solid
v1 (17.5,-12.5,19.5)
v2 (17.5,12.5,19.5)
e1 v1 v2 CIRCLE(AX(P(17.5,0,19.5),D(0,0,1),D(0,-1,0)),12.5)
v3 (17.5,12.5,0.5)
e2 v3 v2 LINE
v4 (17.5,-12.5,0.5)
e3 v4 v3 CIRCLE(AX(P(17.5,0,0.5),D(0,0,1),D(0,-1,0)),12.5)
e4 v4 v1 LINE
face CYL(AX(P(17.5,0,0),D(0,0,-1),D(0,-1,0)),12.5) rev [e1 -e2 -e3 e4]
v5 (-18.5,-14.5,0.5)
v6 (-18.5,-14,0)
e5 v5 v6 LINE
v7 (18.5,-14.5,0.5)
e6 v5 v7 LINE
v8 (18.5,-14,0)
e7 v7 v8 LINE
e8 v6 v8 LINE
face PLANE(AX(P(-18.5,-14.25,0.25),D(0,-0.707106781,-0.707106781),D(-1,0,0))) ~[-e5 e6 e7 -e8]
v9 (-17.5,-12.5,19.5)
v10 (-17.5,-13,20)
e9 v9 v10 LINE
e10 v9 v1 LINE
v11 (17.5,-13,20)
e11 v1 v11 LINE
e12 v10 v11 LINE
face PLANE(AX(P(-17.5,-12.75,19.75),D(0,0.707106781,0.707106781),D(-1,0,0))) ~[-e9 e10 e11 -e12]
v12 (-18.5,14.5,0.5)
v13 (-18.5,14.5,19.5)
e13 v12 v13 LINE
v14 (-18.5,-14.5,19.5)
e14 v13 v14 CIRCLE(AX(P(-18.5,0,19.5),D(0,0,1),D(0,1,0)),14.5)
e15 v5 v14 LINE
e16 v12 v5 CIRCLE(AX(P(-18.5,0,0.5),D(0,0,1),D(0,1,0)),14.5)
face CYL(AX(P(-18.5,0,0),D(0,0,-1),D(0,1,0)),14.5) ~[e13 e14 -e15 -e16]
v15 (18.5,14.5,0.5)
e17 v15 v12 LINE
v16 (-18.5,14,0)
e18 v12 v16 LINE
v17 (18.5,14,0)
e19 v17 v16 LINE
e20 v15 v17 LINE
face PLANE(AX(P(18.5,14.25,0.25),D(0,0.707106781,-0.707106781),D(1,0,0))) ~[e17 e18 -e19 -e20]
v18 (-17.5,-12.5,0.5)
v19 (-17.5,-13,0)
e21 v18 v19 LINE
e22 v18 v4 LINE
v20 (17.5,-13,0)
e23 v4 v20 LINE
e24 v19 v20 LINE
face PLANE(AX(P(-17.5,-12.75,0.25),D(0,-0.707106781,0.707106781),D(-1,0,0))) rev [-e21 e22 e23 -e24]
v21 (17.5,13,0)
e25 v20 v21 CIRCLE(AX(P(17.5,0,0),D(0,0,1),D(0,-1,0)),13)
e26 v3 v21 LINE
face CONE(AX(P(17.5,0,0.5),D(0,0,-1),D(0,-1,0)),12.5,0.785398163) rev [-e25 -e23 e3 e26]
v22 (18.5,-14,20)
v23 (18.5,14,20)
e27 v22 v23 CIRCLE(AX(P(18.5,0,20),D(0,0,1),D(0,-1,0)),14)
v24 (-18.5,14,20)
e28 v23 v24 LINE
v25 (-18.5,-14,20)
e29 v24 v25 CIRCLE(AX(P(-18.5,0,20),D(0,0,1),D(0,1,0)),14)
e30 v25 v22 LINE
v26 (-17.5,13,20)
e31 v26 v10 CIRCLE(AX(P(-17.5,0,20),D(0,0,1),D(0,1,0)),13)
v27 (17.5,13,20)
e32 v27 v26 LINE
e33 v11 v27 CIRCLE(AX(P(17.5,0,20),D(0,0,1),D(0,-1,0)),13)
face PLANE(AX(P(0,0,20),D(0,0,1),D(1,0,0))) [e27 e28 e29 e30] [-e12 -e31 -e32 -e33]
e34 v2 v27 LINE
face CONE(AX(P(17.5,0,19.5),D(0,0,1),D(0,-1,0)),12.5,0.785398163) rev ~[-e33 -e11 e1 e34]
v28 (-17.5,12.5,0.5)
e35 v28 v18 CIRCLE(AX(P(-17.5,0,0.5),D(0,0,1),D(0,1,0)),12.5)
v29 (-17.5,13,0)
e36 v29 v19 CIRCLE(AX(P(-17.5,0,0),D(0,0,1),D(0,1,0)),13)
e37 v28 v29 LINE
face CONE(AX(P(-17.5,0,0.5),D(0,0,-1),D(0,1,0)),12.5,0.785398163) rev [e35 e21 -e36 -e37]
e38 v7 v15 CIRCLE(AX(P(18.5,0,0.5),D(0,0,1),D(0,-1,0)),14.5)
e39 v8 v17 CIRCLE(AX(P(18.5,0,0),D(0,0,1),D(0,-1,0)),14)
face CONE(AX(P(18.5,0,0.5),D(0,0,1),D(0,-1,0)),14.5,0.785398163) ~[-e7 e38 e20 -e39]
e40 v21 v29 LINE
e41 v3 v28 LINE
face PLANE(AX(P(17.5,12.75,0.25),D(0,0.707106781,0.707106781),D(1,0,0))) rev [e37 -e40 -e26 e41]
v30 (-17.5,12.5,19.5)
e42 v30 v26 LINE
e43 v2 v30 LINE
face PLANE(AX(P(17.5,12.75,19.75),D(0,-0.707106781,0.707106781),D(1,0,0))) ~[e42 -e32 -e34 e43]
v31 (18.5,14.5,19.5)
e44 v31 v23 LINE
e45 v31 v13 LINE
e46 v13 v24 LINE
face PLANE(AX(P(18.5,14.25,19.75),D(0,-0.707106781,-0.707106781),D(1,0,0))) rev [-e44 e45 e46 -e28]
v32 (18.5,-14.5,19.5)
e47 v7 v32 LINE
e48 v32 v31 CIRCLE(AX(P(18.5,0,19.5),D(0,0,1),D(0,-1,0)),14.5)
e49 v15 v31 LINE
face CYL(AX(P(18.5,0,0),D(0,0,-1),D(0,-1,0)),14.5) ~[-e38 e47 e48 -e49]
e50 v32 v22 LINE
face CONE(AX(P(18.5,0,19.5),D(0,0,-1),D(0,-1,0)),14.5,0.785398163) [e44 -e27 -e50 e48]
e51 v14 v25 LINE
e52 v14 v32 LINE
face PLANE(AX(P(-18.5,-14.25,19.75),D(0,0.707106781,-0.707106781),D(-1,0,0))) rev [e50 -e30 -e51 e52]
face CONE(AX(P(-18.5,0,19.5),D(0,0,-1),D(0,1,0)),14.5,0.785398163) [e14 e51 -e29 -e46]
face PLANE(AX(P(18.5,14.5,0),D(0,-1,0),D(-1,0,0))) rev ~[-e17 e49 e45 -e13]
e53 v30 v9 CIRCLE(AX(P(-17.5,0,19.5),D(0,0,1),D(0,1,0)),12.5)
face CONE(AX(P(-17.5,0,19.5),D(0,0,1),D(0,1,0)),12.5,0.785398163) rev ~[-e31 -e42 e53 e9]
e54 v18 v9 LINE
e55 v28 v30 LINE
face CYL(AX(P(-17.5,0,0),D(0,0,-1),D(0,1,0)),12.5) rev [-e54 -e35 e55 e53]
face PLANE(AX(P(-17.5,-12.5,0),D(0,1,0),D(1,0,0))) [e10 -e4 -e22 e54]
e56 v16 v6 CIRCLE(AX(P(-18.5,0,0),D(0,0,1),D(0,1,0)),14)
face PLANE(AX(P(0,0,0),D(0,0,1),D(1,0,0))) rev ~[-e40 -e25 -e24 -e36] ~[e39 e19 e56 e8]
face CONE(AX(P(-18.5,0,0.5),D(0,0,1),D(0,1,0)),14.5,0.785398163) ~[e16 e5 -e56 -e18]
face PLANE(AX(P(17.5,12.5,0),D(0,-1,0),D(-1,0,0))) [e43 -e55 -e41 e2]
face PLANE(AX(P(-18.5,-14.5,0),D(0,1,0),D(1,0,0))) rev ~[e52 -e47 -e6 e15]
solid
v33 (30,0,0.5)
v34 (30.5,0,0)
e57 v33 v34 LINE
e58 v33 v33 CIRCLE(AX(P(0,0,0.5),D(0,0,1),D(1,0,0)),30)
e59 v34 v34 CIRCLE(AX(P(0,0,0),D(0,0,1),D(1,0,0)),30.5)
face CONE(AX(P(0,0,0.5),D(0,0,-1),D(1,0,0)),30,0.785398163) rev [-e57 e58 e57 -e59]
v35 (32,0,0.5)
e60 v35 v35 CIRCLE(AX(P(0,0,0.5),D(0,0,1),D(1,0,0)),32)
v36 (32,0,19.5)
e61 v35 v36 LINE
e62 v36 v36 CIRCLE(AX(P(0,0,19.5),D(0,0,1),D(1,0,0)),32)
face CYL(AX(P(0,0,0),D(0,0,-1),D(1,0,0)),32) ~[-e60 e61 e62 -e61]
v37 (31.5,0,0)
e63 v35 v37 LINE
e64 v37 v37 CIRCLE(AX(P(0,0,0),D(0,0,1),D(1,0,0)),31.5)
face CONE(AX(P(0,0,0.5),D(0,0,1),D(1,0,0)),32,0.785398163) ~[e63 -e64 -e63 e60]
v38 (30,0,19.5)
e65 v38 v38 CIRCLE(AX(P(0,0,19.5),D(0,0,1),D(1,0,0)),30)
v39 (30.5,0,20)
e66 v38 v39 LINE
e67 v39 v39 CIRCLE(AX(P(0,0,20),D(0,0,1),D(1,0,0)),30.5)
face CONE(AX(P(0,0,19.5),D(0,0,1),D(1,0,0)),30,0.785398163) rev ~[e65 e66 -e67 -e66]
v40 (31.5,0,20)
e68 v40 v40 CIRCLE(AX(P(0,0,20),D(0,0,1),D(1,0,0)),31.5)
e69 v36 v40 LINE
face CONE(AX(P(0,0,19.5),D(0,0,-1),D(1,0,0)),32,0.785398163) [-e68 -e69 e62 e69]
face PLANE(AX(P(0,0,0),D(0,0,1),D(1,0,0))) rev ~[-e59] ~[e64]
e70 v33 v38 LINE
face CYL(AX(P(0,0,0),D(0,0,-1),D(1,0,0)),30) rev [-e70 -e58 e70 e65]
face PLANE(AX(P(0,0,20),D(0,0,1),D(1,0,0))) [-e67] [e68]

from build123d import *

# Parameters (mm, degrees)
SKETCH_R        = 32
SKETCH_R_2      = 30
PAD_DEPTH       = 20
CHAMFER_SIZE    = 0.5
PAD001_DEPTH    = 20
CHAMFER001_SIZE = 0.5


with BuildPart() as basic_ring:
    # Sketch → Pad (new body)
    with BuildSketch(Plane.XY):
        Circle(SKETCH_R)
        Circle(SKETCH_R_2, mode=Mode.SUBTRACT)
    extrude(amount=PAD_DEPTH)

    # Chamfer
    chamfer_edges = [basic_ring.edges().sort_by_distance(p)[0] for p in [
        (-32, 0, 20),
        (-30, 0, 20),
        (-32, 0, 0),
        (-30, 0, 0),
    ]]
    chamfer(chamfer_edges, length=CHAMFER_SIZE)


with BuildPart() as oblong_ring:
    # Sketch001 → Pad001 (new body)
    with BuildSketch(Plane.XY):
        with BuildLine():
            ThreePointArc((-18.5, 14.5), (-33, 0), (-18.5, -14.5))
            Line((-18.5, -14.5), (18.5, -14.5))
            ThreePointArc((18.5, -14.5), (33, 0), (18.5, 14.5))
            Line((18.5, 14.5), (-18.5, 14.5))
        make_face()
        with BuildLine():
            ThreePointArc((-17.5, 12.5), (-30, 0), (-17.5, -12.5))
            Line((-17.5, -12.5), (17.5, -12.5))
            ThreePointArc((17.5, -12.5), (30, 0), (17.5, 12.5))
            Line((17.5, 12.5), (-17.5, 12.5))
        make_face(mode=Mode.SUBTRACT)
    extrude(amount=PAD001_DEPTH)

    # Chamfer001
    chamfer001_edges = [oblong_ring.edges().sort_by_distance(p)[0] for p in [
        (-33, 0, 0),
        (0, -14.5, 0),
        (33, 0, 0),
        (0, 14.5, 0),
        (-30, 0, 0),
        (0, -12.5, 0),
        (30, 0, 0),
        (0, 12.5, 0),
        (-33, 0, 20),
        (0, -14.5, 20),
        (33, 0, 20),
        (0, 14.5, 20),
        (-30, 0, 20),
        (0, -12.5, 20),
        (30, 0, 20),
        (0, 12.5, 20),
    ]]
    chamfer(chamfer001_edges, length=CHAMFER001_SIZE)


solid = Compound([basic_ring.part, oblong_ring.part])
